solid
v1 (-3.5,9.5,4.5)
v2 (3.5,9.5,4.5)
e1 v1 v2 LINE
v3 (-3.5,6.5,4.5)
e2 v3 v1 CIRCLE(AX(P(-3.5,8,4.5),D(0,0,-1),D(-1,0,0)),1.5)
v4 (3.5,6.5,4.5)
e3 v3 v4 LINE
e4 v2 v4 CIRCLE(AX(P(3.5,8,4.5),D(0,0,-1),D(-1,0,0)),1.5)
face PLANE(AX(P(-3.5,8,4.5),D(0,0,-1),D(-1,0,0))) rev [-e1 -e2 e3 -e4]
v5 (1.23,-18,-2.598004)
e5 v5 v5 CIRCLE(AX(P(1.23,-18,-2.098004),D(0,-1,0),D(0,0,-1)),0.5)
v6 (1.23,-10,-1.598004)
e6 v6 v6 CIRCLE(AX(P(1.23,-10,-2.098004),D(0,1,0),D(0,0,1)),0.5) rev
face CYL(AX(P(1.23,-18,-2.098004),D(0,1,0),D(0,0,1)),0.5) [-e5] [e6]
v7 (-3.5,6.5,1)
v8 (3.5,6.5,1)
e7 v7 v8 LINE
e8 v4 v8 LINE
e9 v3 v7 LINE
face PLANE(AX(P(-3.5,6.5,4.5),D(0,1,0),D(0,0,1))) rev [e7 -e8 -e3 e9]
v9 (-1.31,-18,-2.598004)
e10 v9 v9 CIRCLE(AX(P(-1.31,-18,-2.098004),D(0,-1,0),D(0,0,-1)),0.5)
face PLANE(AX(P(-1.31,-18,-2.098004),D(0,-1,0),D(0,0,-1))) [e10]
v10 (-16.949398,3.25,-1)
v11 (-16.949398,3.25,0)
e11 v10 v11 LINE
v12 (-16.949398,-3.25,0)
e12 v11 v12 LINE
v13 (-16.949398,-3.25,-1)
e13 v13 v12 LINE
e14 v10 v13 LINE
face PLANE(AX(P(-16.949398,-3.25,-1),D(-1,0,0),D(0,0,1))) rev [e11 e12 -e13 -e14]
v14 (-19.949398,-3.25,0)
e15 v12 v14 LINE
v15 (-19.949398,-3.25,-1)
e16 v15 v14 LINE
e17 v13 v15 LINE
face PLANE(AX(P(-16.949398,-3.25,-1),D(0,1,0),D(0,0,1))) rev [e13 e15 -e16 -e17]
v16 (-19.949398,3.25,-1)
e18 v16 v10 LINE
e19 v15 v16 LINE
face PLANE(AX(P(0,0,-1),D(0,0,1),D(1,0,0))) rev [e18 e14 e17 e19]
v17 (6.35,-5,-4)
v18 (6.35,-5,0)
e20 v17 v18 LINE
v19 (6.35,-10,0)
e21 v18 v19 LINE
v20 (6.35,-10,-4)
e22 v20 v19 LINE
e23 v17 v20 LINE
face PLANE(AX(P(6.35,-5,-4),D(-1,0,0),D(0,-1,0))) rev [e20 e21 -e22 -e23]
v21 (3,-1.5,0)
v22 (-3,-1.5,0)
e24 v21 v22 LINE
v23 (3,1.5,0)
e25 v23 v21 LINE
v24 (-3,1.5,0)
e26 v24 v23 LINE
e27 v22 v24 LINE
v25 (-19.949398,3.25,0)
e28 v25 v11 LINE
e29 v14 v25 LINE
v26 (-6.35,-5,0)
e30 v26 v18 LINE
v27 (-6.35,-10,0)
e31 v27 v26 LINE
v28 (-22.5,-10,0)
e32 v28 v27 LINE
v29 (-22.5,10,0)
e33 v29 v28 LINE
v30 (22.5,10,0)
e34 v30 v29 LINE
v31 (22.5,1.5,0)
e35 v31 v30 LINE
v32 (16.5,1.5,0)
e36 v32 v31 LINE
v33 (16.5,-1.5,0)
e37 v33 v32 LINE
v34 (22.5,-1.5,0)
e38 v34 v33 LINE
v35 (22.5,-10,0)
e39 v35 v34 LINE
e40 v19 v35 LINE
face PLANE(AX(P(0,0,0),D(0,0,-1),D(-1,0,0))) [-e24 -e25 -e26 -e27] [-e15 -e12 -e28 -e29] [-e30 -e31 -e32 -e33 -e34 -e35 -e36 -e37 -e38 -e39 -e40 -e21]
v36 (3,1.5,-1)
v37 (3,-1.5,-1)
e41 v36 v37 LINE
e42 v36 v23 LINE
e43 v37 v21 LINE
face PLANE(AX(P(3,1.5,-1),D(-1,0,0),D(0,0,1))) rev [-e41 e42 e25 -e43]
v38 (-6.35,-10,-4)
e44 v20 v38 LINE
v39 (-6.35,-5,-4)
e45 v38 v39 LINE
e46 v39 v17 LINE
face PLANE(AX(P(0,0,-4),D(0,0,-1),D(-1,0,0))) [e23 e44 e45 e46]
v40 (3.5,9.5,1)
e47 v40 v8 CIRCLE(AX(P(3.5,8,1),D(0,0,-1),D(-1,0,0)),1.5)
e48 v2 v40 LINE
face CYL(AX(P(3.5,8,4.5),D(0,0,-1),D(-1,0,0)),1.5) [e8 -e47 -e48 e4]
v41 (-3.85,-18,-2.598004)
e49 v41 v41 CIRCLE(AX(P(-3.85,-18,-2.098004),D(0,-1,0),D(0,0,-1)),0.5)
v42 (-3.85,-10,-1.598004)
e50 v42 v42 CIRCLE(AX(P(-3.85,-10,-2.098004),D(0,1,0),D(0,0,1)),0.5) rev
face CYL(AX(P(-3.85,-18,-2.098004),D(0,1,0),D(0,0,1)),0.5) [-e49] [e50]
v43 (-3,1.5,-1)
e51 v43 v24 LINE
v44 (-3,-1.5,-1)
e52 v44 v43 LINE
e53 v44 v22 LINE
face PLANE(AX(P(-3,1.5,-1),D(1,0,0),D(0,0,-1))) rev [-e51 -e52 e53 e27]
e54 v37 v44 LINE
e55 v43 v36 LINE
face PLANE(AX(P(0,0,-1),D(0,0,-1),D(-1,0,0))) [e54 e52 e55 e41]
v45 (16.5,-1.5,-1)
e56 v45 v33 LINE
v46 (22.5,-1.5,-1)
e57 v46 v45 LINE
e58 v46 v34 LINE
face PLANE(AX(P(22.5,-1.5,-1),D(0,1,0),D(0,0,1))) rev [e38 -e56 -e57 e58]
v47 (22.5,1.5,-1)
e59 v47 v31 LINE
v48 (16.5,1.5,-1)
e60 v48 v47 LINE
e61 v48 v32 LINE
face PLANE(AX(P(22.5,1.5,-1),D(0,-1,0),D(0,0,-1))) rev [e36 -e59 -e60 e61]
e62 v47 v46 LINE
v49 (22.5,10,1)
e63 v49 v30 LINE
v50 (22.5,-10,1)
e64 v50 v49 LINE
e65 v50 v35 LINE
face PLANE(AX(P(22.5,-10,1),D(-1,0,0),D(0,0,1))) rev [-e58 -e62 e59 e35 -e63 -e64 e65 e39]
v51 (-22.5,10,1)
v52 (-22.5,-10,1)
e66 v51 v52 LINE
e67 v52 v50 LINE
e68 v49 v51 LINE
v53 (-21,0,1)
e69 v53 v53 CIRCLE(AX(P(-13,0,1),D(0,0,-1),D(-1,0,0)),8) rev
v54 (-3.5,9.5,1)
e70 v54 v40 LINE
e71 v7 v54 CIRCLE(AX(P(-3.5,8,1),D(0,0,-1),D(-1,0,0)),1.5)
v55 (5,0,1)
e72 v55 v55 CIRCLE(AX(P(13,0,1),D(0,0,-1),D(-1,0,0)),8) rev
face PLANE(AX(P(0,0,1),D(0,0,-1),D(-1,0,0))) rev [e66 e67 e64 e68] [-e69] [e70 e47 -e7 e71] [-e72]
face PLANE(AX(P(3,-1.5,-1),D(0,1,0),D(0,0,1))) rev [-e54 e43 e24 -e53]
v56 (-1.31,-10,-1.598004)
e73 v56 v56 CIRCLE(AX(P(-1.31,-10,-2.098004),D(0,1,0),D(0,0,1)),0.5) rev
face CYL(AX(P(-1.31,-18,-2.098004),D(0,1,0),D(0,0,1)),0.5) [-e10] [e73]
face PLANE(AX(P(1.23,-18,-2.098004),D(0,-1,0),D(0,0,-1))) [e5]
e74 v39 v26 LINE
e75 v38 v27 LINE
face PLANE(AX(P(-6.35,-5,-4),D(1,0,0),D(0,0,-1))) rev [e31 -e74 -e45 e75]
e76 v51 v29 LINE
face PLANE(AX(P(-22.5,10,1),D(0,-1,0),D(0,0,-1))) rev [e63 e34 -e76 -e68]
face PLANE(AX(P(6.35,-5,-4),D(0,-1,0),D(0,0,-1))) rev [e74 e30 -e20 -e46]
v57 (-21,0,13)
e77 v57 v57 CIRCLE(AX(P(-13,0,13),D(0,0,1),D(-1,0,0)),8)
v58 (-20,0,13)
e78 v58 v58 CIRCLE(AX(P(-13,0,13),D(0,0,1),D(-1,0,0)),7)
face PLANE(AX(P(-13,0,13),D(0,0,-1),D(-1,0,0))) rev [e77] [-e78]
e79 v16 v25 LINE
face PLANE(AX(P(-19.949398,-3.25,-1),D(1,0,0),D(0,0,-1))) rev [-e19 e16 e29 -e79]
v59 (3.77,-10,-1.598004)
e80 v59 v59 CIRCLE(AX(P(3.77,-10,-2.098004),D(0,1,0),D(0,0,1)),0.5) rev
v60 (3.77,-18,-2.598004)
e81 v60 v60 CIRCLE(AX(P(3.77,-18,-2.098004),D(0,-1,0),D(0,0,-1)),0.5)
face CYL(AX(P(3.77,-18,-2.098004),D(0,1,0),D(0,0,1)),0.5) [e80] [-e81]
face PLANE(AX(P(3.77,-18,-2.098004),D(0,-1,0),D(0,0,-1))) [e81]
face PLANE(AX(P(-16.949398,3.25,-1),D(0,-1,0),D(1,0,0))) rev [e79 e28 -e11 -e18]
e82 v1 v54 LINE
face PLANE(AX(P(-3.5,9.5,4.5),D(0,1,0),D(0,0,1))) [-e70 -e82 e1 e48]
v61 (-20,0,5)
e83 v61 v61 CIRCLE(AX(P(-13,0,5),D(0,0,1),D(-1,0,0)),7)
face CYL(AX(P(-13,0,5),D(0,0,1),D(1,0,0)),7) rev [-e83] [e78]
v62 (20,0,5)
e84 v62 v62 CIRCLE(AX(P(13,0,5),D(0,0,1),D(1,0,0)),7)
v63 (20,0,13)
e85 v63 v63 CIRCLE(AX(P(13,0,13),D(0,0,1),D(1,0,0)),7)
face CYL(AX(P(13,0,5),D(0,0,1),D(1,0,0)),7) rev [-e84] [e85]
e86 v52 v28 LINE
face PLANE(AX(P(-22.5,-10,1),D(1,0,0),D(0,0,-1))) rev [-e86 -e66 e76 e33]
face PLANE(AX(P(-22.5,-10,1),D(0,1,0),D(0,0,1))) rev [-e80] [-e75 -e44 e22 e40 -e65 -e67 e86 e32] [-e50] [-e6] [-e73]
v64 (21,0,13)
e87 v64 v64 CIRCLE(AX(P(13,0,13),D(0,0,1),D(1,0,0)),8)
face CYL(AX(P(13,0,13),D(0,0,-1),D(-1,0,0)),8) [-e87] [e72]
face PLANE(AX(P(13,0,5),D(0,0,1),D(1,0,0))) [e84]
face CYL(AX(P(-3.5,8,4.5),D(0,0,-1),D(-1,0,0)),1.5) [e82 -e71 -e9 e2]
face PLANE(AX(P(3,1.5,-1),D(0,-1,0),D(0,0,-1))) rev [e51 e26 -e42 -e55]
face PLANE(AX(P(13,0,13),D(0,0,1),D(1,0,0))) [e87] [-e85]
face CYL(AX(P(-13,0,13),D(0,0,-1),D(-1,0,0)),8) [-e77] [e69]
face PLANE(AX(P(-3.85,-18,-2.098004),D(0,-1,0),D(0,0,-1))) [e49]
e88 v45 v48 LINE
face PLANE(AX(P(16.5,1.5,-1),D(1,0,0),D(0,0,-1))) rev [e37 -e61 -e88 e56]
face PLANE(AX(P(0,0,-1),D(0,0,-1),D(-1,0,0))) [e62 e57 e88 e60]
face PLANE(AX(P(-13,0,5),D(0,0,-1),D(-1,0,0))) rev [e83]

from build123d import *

# Parameters (mm, degrees)
SKETCH1_W           = 45
SKETCH1_H           = 20
BOSS_EXTRUDE1_DEPTH = 1
SKETCH2_R           = 8
BOSS_EXTRUDE2_DEPTH = 12
BOSS_EXTRUDE4_DEPTH = 3.5
SKETCH4_R           = 7
CUT_EXTRUDE1_DEPTH  = 8
SKETCH8_W           = 6
SKETCH8_H           = 3
SKETCH8_W_2         = 3
SKETCH8_H_2         = 6.5
BOSS_EXTRUDE5_DEPTH = 1
SKETCH9_W           = 12.7
SKETCH9_H           = 5
BOSS_EXTRUDE6_DEPTH = 4
SKETCH10_R          = 0.5
BOSS_EXTRUDE7_DEPTH = 8


with BuildPart() as part:
    # Sketch1 → Boss-Extrude1 (new body)
    with BuildSketch(Plane.XY):
        Rectangle(SKETCH1_W, SKETCH1_H)
    extrude(amount=BOSS_EXTRUDE1_DEPTH)

    # Sketch2 → Boss-Extrude2 (add)
    with BuildSketch(Plane.XY.offset(1)):
        with Locations((13, 0)):
            Circle(SKETCH2_R)
        with Locations((-13, 0)):
            Circle(SKETCH2_R)
    extrude(amount=BOSS_EXTRUDE2_DEPTH)

    # Sketch3 → Boss-Extrude4 (add)
    with BuildSketch(Plane.XY.offset(1)):
        with BuildLine():
            Line((-3.5, 6.5), (3.5, 6.5))
            ThreePointArc((3.5, 6.5), (5, 8), (3.5, 9.5))
            Line((3.5, 9.5), (-3.5, 9.5))
            ThreePointArc((-3.5, 9.5), (-5, 8), (-3.5, 6.5))
        make_face()
    extrude(amount=BOSS_EXTRUDE4_DEPTH)

    # Sketch4 → Cut-Extrude1 (cut)
    with BuildSketch(Plane.XY.offset(13)):
        with Locations((-13, 0)):
            Circle(SKETCH4_R)
        with Locations((13, 0)):
            Circle(SKETCH4_R)
    extrude(amount=-CUT_EXTRUDE1_DEPTH, mode=Mode.SUBTRACT)

    # Sketch8 → Boss-Extrude5 (add)
    with BuildSketch(Plane(origin=(0, 0, 0), x_dir=(-1, 0, 0), z_dir=(0, 0, -1))):
        Rectangle(SKETCH8_W, SKETCH8_H)
        with Locations((-19.5, 0)):
            Rectangle(SKETCH8_W, SKETCH8_H)
        with Locations((18.449397774, 0)):
            Rectangle(SKETCH8_W_2, SKETCH8_H_2)
    extrude(amount=BOSS_EXTRUDE5_DEPTH)

    # Sketch9 → Boss-Extrude6 (add)
    with BuildSketch(Plane(origin=(0, 0, 0), x_dir=(-1, 0, 0), z_dir=(0, 0, -1))):
        with Locations((0, -7.5)):
            Rectangle(SKETCH9_W, SKETCH9_H)
    extrude(amount=BOSS_EXTRUDE6_DEPTH)

    # Sketch10 → Boss-Extrude7 (add)
    with BuildSketch(Plane.XZ.offset(10)):
        with Locations((-3.85, -2.098004041)):
            Circle(SKETCH10_R)
        with Locations((-1.31, -2.098004041)):
            Circle(SKETCH10_R)
        with Locations((1.23, -2.098004041)):
            Circle(SKETCH10_R)
        with Locations((3.77, -2.098004041)):
            Circle(SKETCH10_R)
    extrude(amount=BOSS_EXTRUDE7_DEPTH)


solid = part.part
